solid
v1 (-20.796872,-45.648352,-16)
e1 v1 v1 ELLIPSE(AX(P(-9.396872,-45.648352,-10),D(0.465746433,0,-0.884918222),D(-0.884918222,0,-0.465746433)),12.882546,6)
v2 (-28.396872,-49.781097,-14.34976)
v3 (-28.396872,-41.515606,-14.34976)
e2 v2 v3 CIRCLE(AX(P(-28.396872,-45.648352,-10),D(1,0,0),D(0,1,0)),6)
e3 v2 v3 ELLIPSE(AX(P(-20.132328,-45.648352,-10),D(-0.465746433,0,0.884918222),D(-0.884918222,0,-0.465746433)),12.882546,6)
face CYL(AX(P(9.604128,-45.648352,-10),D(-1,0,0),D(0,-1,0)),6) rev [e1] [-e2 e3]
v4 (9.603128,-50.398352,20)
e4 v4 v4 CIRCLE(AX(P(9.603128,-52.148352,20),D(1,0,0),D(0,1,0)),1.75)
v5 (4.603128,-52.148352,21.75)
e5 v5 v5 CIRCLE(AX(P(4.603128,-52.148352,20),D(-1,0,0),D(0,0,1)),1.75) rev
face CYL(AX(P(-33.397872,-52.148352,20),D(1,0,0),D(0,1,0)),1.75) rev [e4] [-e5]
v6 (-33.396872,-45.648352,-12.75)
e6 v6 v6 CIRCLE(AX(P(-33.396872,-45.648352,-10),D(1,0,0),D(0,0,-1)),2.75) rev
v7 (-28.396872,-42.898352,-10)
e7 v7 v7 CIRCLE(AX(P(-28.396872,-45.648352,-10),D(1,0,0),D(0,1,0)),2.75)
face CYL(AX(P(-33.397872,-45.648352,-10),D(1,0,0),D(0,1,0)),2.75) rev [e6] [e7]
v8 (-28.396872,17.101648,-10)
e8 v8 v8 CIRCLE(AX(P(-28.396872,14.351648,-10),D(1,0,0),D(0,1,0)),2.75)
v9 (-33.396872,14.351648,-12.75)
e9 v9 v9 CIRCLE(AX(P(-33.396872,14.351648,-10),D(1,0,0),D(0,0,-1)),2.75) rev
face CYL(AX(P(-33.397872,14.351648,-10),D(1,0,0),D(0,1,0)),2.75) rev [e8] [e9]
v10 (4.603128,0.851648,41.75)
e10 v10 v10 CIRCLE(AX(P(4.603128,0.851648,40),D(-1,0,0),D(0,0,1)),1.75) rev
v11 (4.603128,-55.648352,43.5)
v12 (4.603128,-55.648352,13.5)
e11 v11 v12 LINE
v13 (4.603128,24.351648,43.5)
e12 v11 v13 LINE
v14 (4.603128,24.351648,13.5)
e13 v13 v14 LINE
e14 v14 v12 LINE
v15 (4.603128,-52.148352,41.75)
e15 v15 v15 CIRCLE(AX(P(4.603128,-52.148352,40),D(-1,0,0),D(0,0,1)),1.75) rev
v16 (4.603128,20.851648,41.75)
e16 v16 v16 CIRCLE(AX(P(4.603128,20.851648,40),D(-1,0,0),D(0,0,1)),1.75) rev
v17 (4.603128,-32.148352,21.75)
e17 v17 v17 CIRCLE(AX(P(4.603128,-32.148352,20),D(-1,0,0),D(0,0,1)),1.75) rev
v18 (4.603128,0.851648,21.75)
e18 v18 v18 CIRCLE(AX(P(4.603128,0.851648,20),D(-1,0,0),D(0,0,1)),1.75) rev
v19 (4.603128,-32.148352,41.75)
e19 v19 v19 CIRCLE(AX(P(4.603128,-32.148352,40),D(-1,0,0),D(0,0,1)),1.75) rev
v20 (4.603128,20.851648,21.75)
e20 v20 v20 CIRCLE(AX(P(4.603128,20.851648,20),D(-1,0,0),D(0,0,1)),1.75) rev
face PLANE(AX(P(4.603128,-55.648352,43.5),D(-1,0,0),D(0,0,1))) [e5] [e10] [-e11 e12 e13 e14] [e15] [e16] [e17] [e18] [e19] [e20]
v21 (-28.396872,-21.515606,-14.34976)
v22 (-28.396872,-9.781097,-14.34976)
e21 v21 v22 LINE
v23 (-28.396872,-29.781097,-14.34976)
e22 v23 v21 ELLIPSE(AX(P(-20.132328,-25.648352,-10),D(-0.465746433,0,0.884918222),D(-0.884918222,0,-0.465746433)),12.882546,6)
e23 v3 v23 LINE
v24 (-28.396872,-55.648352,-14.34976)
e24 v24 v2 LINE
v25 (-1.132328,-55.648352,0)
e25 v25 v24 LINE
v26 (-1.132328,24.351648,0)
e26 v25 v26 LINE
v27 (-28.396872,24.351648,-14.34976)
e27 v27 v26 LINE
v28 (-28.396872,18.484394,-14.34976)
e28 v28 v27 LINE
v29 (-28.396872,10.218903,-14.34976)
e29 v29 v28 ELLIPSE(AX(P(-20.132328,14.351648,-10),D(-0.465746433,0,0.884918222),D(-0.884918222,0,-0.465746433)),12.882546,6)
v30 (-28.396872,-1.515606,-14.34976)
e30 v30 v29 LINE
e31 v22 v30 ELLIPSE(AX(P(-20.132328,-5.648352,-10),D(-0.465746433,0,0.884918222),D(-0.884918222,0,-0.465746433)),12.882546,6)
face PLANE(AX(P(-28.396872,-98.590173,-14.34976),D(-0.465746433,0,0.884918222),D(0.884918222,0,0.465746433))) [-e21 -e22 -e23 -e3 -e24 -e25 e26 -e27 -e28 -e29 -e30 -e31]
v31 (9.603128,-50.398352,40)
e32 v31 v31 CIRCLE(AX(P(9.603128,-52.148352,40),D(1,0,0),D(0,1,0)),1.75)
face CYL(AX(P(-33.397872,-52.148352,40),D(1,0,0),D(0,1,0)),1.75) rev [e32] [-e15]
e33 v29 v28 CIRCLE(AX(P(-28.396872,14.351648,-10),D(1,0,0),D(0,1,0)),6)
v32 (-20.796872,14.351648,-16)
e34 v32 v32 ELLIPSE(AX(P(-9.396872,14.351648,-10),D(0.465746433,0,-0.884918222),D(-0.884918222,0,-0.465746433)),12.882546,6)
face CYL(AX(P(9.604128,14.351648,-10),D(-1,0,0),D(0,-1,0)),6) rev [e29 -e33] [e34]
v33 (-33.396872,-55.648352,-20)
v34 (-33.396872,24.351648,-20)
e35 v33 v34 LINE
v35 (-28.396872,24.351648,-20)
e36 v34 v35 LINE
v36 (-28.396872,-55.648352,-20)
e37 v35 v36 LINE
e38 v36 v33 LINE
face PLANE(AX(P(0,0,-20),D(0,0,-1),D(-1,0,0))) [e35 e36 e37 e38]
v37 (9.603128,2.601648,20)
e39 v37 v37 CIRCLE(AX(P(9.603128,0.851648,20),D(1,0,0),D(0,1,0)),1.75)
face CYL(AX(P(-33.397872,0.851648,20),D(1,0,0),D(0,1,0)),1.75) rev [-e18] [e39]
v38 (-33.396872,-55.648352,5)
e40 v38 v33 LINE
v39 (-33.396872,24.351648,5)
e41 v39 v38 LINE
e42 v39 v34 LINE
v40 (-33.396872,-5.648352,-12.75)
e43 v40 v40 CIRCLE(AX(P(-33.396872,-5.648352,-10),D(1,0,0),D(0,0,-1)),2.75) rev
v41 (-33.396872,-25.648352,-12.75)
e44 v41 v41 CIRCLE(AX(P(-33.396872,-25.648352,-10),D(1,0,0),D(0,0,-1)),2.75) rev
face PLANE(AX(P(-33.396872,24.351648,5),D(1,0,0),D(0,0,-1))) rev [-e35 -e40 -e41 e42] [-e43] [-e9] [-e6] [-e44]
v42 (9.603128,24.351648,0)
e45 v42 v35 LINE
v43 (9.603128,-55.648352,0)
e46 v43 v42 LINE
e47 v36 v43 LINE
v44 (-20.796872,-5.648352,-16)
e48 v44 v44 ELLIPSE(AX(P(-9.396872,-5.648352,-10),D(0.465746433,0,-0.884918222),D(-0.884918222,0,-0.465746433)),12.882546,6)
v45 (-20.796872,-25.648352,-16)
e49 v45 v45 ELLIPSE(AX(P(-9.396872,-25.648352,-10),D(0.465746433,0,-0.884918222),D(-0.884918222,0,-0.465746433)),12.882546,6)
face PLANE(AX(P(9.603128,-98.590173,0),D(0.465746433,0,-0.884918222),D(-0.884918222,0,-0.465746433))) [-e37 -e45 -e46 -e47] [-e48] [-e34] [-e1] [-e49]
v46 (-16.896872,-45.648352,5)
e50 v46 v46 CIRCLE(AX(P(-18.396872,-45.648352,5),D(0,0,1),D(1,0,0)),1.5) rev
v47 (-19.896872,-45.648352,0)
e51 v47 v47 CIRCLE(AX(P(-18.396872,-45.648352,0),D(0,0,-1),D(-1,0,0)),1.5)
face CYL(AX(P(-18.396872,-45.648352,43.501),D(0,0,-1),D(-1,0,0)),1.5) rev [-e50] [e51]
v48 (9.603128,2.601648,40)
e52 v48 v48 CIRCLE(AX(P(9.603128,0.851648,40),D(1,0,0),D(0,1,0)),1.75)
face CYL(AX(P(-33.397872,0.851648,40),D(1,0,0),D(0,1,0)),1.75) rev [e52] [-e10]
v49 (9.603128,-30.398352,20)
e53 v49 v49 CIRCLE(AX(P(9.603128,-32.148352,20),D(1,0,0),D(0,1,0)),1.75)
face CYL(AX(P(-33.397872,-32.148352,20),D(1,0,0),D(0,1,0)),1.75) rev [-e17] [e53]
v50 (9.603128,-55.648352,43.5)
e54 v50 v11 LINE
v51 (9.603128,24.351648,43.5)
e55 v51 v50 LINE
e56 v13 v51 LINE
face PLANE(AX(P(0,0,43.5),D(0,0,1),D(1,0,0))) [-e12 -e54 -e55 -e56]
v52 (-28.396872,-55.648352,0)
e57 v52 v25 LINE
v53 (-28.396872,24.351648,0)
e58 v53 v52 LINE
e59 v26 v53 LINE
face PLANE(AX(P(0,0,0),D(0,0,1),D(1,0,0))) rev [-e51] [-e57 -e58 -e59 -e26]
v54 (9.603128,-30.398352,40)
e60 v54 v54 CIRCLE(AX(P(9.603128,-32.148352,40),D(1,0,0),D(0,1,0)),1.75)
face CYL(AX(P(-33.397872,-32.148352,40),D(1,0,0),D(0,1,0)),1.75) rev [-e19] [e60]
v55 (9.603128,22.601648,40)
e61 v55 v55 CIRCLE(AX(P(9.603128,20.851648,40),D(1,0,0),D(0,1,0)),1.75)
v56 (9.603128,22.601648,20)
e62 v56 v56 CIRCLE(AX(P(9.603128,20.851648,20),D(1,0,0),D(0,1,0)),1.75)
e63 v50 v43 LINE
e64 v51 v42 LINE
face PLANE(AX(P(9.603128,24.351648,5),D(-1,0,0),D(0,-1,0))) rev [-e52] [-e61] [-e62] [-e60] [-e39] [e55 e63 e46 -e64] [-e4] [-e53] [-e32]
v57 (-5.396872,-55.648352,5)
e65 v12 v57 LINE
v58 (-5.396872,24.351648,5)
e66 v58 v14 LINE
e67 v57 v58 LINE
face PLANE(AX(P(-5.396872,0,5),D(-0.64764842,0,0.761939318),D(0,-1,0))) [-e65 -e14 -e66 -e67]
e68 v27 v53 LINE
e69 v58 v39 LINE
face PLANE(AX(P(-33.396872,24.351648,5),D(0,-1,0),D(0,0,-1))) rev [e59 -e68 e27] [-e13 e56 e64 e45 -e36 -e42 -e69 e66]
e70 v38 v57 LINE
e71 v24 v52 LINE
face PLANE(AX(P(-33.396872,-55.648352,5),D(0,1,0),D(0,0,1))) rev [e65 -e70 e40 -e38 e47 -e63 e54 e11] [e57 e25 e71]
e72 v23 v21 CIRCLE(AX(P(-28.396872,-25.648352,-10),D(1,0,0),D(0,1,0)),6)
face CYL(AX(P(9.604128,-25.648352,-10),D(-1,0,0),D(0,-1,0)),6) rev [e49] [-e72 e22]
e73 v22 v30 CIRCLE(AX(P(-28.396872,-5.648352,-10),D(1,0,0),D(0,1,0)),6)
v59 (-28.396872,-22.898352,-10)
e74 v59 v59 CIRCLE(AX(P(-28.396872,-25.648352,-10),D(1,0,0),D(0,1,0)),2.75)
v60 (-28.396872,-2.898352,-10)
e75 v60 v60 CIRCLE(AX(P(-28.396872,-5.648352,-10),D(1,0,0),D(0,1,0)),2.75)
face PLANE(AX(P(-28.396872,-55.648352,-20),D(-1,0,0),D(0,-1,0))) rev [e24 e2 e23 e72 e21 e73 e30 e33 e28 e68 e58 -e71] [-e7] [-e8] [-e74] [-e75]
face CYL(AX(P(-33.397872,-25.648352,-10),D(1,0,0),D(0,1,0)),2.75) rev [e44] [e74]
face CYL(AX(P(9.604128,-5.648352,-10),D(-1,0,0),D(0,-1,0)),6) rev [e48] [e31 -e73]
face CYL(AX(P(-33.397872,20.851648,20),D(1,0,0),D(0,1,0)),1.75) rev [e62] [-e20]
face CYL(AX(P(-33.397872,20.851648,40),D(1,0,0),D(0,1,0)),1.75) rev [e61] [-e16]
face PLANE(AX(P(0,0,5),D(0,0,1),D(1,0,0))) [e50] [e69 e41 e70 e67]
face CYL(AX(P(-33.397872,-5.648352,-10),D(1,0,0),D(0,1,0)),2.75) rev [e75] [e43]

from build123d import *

# Parameters (mm, degrees)
ESQUISSE1_W             = 43
ESQUISSE1_H             = 80
BOSS_EXTRU_1_DEPTH      = 5
ESQUISSE2_W             = 5
ESQUISSE2_H             = 80
BOSS_EXTRU_2_DEPTH      = 38.5
ENL_V_MAT_EXTRU_1_REACH = 84.692
ESQUISSE3_R             = 1.75
ESQUISSE4_W             = 5
ESQUISSE4_H             = 80
BOSS_EXTRU_3_DEPTH      = 20
ENL_V_MAT_EXTRU_2_REACH = 82.206
ESQUISSE5_R             = 2.75
ENL_V_MAT_EXTRU_3_REACH = 80.13
ESQUISSE6_R             = 1.5
BOSS_EXTRU_4_DEPTH      = 80
ENL_V_MAT_EXTRU_4_REACH = 82.206
ESQUISSE8_R             = 6
CHANFREIN2_SIZE         = 8.5
CHANFREIN2_SIZE2        = 10


with BuildPart() as part:
    # Esquisse1 → Boss.-Extru.1 (new body)
    with BuildSketch(Plane.XY):
        with Locations((-11.896872358, -15.648351648)):
            Rectangle(ESQUISSE1_W, ESQUISSE1_H)
    extrude(amount=BOSS_EXTRU_1_DEPTH)

    # Esquisse2 → Boss.-Extru.2 (add)
    with BuildSketch(Plane(origin=(0, 0, 5), x_dir=(-1, 0, 0), z_dir=(0, 0, -1))):
        with Locations((-7.103127642, -15.648351648)):
            Rectangle(ESQUISSE2_W, ESQUISSE2_H)
    extrude(amount=-BOSS_EXTRU_2_DEPTH)

    # Esquisse3 → Enlèv. mat.-Extru.1 (cut, up to next)
    with BuildSketch(Plane(origin=(9.603127642, 0, 0), x_dir=(0, 0, -1), z_dir=(1, 0, 0)), mode=Mode.PRIVATE) as enl_v_mat_extru_1_sk1:
        with Locations(Location((-40, -52.148351648, 0), (0, 0, 90))):
            Circle(ESQUISSE3_R)
    enl_v_mat_extru_1_tool1 = extrude(enl_v_mat_extru_1_sk1.sketch, amount=-ENL_V_MAT_EXTRU_1_REACH, mode=Mode.PRIVATE) & part.part
    # Esquisse3 → Enlèv. mat.-Extru.1 (cut, up to next)
    with BuildSketch(Plane(origin=(9.603127642, 0, 0), x_dir=(0, 0, -1), z_dir=(1, 0, 0)), mode=Mode.PRIVATE) as enl_v_mat_extru_1_sk2:
        with Locations(Location((-40, -32.148351648, 0), (0, 0, 90))):
            Circle(ESQUISSE3_R)
    enl_v_mat_extru_1_tool2 = extrude(enl_v_mat_extru_1_sk2.sketch, amount=-ENL_V_MAT_EXTRU_1_REACH, mode=Mode.PRIVATE) & part.part
    # Esquisse3 → Enlèv. mat.-Extru.1 (cut, up to next)
    with BuildSketch(Plane(origin=(9.603127642, 0, 0), x_dir=(0, 0, -1), z_dir=(1, 0, 0)), mode=Mode.PRIVATE) as enl_v_mat_extru_1_sk3:
        with Locations(Location((-20, -32.148351648, 0), (0, 0, 90))):
            Circle(ESQUISSE3_R)
    enl_v_mat_extru_1_tool3 = extrude(enl_v_mat_extru_1_sk3.sketch, amount=-ENL_V_MAT_EXTRU_1_REACH, mode=Mode.PRIVATE) & part.part
    # Esquisse3 → Enlèv. mat.-Extru.1 (cut, up to next)
    with BuildSketch(Plane(origin=(9.603127642, 0, 0), x_dir=(0, 0, -1), z_dir=(1, 0, 0)), mode=Mode.PRIVATE) as enl_v_mat_extru_1_sk4:
        with Locations(Location((-20, -52.148351648, 0), (0, 0, 90))):
            Circle(ESQUISSE3_R)
    enl_v_mat_extru_1_tool4 = extrude(enl_v_mat_extru_1_sk4.sketch, amount=-ENL_V_MAT_EXTRU_1_REACH, mode=Mode.PRIVATE) & part.part
    # Esquisse3 → Enlèv. mat.-Extru.1 (cut, up to next)
    with BuildSketch(Plane(origin=(9.603127642, 0, 0), x_dir=(0, 0, -1), z_dir=(1, 0, 0)), mode=Mode.PRIVATE) as enl_v_mat_extru_1_sk5:
        with Locations(Location((-40, 0.851648352, 0), (0, 0, 90))):
            Circle(ESQUISSE3_R)
    enl_v_mat_extru_1_tool5 = extrude(enl_v_mat_extru_1_sk5.sketch, amount=-ENL_V_MAT_EXTRU_1_REACH, mode=Mode.PRIVATE) & part.part
    # Esquisse3 → Enlèv. mat.-Extru.1 (cut, up to next)
    with BuildSketch(Plane(origin=(9.603127642, 0, 0), x_dir=(0, 0, -1), z_dir=(1, 0, 0)), mode=Mode.PRIVATE) as enl_v_mat_extru_1_sk6:
        with Locations(Location((-40, 20.851648352, 0), (0, 0, 90))):
            Circle(ESQUISSE3_R)
    enl_v_mat_extru_1_tool6 = extrude(enl_v_mat_extru_1_sk6.sketch, amount=-ENL_V_MAT_EXTRU_1_REACH, mode=Mode.PRIVATE) & part.part
    # Esquisse3 → Enlèv. mat.-Extru.1 (cut, up to next)
    with BuildSketch(Plane(origin=(9.603127642, 0, 0), x_dir=(0, 0, -1), z_dir=(1, 0, 0)), mode=Mode.PRIVATE) as enl_v_mat_extru_1_sk7:
        with Locations(Location((-20, 20.851648352, 0), (0, 0, 90))):
            Circle(ESQUISSE3_R)
    enl_v_mat_extru_1_tool7 = extrude(enl_v_mat_extru_1_sk7.sketch, amount=-ENL_V_MAT_EXTRU_1_REACH, mode=Mode.PRIVATE) & part.part
    # Esquisse3 → Enlèv. mat.-Extru.1 (cut, up to next)
    with BuildSketch(Plane(origin=(9.603127642, 0, 0), x_dir=(0, 0, -1), z_dir=(1, 0, 0)), mode=Mode.PRIVATE) as enl_v_mat_extru_1_sk8:
        with Locations(Location((-20, 0.851648352, 0), (0, 0, 90))):
            Circle(ESQUISSE3_R)
    enl_v_mat_extru_1_tool8 = extrude(enl_v_mat_extru_1_sk8.sketch, amount=-ENL_V_MAT_EXTRU_1_REACH, mode=Mode.PRIVATE) & part.part
    add(enl_v_mat_extru_1_tool1.solids().sort_by_distance((9.603128, -52.148352, 40))[0], mode=Mode.SUBTRACT)
    add(enl_v_mat_extru_1_tool2.solids().sort_by_distance((9.603128, -32.148352, 40))[0], mode=Mode.SUBTRACT)
    add(enl_v_mat_extru_1_tool3.solids().sort_by_distance((9.603128, -32.148352, 20))[0], mode=Mode.SUBTRACT)
    add(enl_v_mat_extru_1_tool4.solids().sort_by_distance((9.603128, -52.148352, 20))[0], mode=Mode.SUBTRACT)
    add(enl_v_mat_extru_1_tool5.solids().sort_by_distance((9.603128, 0.851648, 40))[0], mode=Mode.SUBTRACT)
    add(enl_v_mat_extru_1_tool6.solids().sort_by_distance((9.603128, 20.851648, 40))[0], mode=Mode.SUBTRACT)
    add(enl_v_mat_extru_1_tool7.solids().sort_by_distance((9.603128, 20.851648, 20))[0], mode=Mode.SUBTRACT)
    add(enl_v_mat_extru_1_tool8.solids().sort_by_distance((9.603128, 0.851648, 20))[0], mode=Mode.SUBTRACT)

    # Esquisse4 → Boss.-Extru.3 (add)
    with BuildSketch(Plane(origin=(0, 0, 0), x_dir=(-1, 0, 0), z_dir=(0, 0, -1))):
        with Locations((30.896872358, -15.648351648)):
            Rectangle(ESQUISSE4_W, ESQUISSE4_H)
    extrude(amount=BOSS_EXTRU_3_DEPTH)

    # Esquisse5 → Enlèv. mat.-Extru.2 (cut, up to next)
    with BuildSketch(Plane(origin=(-28.396872358, 0, 0), x_dir=(0, 0, -1), z_dir=(1, 0, 0)), mode=Mode.PRIVATE) as enl_v_mat_extru_2_sk1:
        with Locations(Location((10, 14.351648352, 0), (0, 0, 90))):
            Circle(ESQUISSE5_R)
    enl_v_mat_extru_2_tool1 = extrude(enl_v_mat_extru_2_sk1.sketch, amount=-ENL_V_MAT_EXTRU_2_REACH, mode=Mode.PRIVATE) & part.part
    # Esquisse5 → Enlèv. mat.-Extru.2 (cut, up to next)
    with BuildSketch(Plane(origin=(-28.396872358, 0, 0), x_dir=(0, 0, -1), z_dir=(1, 0, 0)), mode=Mode.PRIVATE) as enl_v_mat_extru_2_sk2:
        with Locations(Location((10, -5.648351648, 0), (0, 0, 90))):
            Circle(ESQUISSE5_R)
    enl_v_mat_extru_2_tool2 = extrude(enl_v_mat_extru_2_sk2.sketch, amount=-ENL_V_MAT_EXTRU_2_REACH, mode=Mode.PRIVATE) & part.part
    # Esquisse5 → Enlèv. mat.-Extru.2 (cut, up to next)
    with BuildSketch(Plane(origin=(-28.396872358, 0, 0), x_dir=(0, 0, -1), z_dir=(1, 0, 0)), mode=Mode.PRIVATE) as enl_v_mat_extru_2_sk3:
        with Locations(Location((10, -25.648351648, 0), (0, 0, 90))):
            Circle(ESQUISSE5_R)
    enl_v_mat_extru_2_tool3 = extrude(enl_v_mat_extru_2_sk3.sketch, amount=-ENL_V_MAT_EXTRU_2_REACH, mode=Mode.PRIVATE) & part.part
    # Esquisse5 → Enlèv. mat.-Extru.2 (cut, up to next)
    with BuildSketch(Plane(origin=(-28.396872358, 0, 0), x_dir=(0, 0, -1), z_dir=(1, 0, 0)), mode=Mode.PRIVATE) as enl_v_mat_extru_2_sk4:
        with Locations(Location((10, -45.648351648, 0), (0, 0, 90))):
            Circle(ESQUISSE5_R)
    enl_v_mat_extru_2_tool4 = extrude(enl_v_mat_extru_2_sk4.sketch, amount=-ENL_V_MAT_EXTRU_2_REACH, mode=Mode.PRIVATE) & part.part
    add(enl_v_mat_extru_2_tool1.solids().sort_by_distance((-28.396872, 14.351648, -10))[0], mode=Mode.SUBTRACT)
    add(enl_v_mat_extru_2_tool2.solids().sort_by_distance((-28.396872, -5.648352, -10))[0], mode=Mode.SUBTRACT)
    add(enl_v_mat_extru_2_tool3.solids().sort_by_distance((-28.396872, -25.648352, -10))[0], mode=Mode.SUBTRACT)
    add(enl_v_mat_extru_2_tool4.solids().sort_by_distance((-28.396872, -45.648352, -10))[0], mode=Mode.SUBTRACT)

    # Esquisse6 → Enlèv. mat.-Extru.3 (cut, up to next)
    with BuildSketch(Plane(origin=(0, 0, 0), x_dir=(-1, 0, 0), z_dir=(0, 0, -1)), mode=Mode.PRIVATE) as enl_v_mat_extru_3_sk1:
        with Locations((18.396872358, -45.648351648)):
            Circle(ESQUISSE6_R)
    enl_v_mat_extru_3_tool1 = extrude(enl_v_mat_extru_3_sk1.sketch, amount=-ENL_V_MAT_EXTRU_3_REACH, mode=Mode.PRIVATE) & part.part
    add(enl_v_mat_extru_3_tool1.solids().sort_by_distance((-18.396872, -45.648352, 0))[0], mode=Mode.SUBTRACT)

    # Esquisse7 → Boss.-Extru.4 (add)
    with BuildSketch(Plane(origin=(0, 24.351648352, 0), x_dir=(1, 0, 0), z_dir=(0, 1, 0))):
        Polygon((9.603127642, 0), (-28.396872358, 20), (-28.396872358, 14.349760381), (-1.132327635, 0), align=None)
    extrude(amount=-BOSS_EXTRU_4_DEPTH)

    # Enlèv. mat.-Extru.4: up to this plane
    enl_v_mat_extru_4_end = Plane(origin=(9.603127642, -98.590172756, 0), z_dir=(0.46574643283262246, 0, -0.8849182223819824))
    # Esquisse8 → Enlèv. mat.-Extru.4 (cut, up to the surface)
    with BuildSketch(Plane(origin=(-28.396872358, 0, 0), x_dir=(0, 0, -1), z_dir=(1, 0, 0)), mode=Mode.PRIVATE) as enl_v_mat_extru_4_sk1:
        with Locations(Location((10, -45.648351648, 0), (0, 0, 316.465525683))):
            Circle(ESQUISSE8_R)
    enl_v_mat_extru_4_tool1 = split(extrude(enl_v_mat_extru_4_sk1.sketch, amount=ENL_V_MAT_EXTRU_4_REACH, mode=Mode.PRIVATE), bisect_by=enl_v_mat_extru_4_end, keep=Keep.BOTH, mode=Mode.PRIVATE)
    add(enl_v_mat_extru_4_tool1.solids().sort_by_distance((-28.396872, -45.648352, -10))[0], mode=Mode.SUBTRACT)
    # Esquisse8 → Enlèv. mat.-Extru.4 (cut, up to the surface)
    with BuildSketch(Plane(origin=(-28.396872358, 0, 0), x_dir=(0, 0, -1), z_dir=(1, 0, 0)), mode=Mode.PRIVATE) as enl_v_mat_extru_4_sk2:
        with Locations(Location((10, -25.648351648, 0), (0, 0, 316.465525683))):
            Circle(ESQUISSE8_R)
    enl_v_mat_extru_4_tool2 = split(extrude(enl_v_mat_extru_4_sk2.sketch, amount=ENL_V_MAT_EXTRU_4_REACH, mode=Mode.PRIVATE), bisect_by=enl_v_mat_extru_4_end, keep=Keep.BOTH, mode=Mode.PRIVATE)
    add(enl_v_mat_extru_4_tool2.solids().sort_by_distance((-28.396872, -25.648352, -10))[0], mode=Mode.SUBTRACT)
    # Esquisse8 → Enlèv. mat.-Extru.4 (cut, up to the surface)
    with BuildSketch(Plane(origin=(-28.396872358, 0, 0), x_dir=(0, 0, -1), z_dir=(1, 0, 0)), mode=Mode.PRIVATE) as enl_v_mat_extru_4_sk3:
        with Locations(Location((10, -5.648351648, 0), (0, 0, 316.465525683))):
            Circle(ESQUISSE8_R)
    enl_v_mat_extru_4_tool3 = split(extrude(enl_v_mat_extru_4_sk3.sketch, amount=ENL_V_MAT_EXTRU_4_REACH, mode=Mode.PRIVATE), bisect_by=enl_v_mat_extru_4_end, keep=Keep.BOTH, mode=Mode.PRIVATE)
    add(enl_v_mat_extru_4_tool3.solids().sort_by_distance((-28.396872, -5.648352, -10))[0], mode=Mode.SUBTRACT)
    # Esquisse8 → Enlèv. mat.-Extru.4 (cut, up to the surface)
    with BuildSketch(Plane(origin=(-28.396872358, 0, 0), x_dir=(0, 0, -1), z_dir=(1, 0, 0)), mode=Mode.PRIVATE) as enl_v_mat_extru_4_sk4:
        with Locations(Location((10, 14.351648352, 0), (0, 0, 316.465525683))):
            Circle(ESQUISSE8_R)
    enl_v_mat_extru_4_tool4 = split(extrude(enl_v_mat_extru_4_sk4.sketch, amount=ENL_V_MAT_EXTRU_4_REACH, mode=Mode.PRIVATE), bisect_by=enl_v_mat_extru_4_end, keep=Keep.BOTH, mode=Mode.PRIVATE)
    add(enl_v_mat_extru_4_tool4.solids().sort_by_distance((-28.396872, 14.351648, -10))[0], mode=Mode.SUBTRACT)

    # Chanfrein2
    chanfrein2_edges = [part.edges().sort_by_distance(p)[0] for p in [
        (4.603127642, -15.648351648, 5),
    ]]
    chanfrein2_side = [part.faces().sort_by_distance(p)[0] for p in [
        (4.603127642, -15.648351648, 24.102624942),
    ]]
    chamfer(chanfrein2_edges, length=CHANFREIN2_SIZE, length2=CHANFREIN2_SIZE2, reference=chanfrein2_side[0])


solid = part.part
